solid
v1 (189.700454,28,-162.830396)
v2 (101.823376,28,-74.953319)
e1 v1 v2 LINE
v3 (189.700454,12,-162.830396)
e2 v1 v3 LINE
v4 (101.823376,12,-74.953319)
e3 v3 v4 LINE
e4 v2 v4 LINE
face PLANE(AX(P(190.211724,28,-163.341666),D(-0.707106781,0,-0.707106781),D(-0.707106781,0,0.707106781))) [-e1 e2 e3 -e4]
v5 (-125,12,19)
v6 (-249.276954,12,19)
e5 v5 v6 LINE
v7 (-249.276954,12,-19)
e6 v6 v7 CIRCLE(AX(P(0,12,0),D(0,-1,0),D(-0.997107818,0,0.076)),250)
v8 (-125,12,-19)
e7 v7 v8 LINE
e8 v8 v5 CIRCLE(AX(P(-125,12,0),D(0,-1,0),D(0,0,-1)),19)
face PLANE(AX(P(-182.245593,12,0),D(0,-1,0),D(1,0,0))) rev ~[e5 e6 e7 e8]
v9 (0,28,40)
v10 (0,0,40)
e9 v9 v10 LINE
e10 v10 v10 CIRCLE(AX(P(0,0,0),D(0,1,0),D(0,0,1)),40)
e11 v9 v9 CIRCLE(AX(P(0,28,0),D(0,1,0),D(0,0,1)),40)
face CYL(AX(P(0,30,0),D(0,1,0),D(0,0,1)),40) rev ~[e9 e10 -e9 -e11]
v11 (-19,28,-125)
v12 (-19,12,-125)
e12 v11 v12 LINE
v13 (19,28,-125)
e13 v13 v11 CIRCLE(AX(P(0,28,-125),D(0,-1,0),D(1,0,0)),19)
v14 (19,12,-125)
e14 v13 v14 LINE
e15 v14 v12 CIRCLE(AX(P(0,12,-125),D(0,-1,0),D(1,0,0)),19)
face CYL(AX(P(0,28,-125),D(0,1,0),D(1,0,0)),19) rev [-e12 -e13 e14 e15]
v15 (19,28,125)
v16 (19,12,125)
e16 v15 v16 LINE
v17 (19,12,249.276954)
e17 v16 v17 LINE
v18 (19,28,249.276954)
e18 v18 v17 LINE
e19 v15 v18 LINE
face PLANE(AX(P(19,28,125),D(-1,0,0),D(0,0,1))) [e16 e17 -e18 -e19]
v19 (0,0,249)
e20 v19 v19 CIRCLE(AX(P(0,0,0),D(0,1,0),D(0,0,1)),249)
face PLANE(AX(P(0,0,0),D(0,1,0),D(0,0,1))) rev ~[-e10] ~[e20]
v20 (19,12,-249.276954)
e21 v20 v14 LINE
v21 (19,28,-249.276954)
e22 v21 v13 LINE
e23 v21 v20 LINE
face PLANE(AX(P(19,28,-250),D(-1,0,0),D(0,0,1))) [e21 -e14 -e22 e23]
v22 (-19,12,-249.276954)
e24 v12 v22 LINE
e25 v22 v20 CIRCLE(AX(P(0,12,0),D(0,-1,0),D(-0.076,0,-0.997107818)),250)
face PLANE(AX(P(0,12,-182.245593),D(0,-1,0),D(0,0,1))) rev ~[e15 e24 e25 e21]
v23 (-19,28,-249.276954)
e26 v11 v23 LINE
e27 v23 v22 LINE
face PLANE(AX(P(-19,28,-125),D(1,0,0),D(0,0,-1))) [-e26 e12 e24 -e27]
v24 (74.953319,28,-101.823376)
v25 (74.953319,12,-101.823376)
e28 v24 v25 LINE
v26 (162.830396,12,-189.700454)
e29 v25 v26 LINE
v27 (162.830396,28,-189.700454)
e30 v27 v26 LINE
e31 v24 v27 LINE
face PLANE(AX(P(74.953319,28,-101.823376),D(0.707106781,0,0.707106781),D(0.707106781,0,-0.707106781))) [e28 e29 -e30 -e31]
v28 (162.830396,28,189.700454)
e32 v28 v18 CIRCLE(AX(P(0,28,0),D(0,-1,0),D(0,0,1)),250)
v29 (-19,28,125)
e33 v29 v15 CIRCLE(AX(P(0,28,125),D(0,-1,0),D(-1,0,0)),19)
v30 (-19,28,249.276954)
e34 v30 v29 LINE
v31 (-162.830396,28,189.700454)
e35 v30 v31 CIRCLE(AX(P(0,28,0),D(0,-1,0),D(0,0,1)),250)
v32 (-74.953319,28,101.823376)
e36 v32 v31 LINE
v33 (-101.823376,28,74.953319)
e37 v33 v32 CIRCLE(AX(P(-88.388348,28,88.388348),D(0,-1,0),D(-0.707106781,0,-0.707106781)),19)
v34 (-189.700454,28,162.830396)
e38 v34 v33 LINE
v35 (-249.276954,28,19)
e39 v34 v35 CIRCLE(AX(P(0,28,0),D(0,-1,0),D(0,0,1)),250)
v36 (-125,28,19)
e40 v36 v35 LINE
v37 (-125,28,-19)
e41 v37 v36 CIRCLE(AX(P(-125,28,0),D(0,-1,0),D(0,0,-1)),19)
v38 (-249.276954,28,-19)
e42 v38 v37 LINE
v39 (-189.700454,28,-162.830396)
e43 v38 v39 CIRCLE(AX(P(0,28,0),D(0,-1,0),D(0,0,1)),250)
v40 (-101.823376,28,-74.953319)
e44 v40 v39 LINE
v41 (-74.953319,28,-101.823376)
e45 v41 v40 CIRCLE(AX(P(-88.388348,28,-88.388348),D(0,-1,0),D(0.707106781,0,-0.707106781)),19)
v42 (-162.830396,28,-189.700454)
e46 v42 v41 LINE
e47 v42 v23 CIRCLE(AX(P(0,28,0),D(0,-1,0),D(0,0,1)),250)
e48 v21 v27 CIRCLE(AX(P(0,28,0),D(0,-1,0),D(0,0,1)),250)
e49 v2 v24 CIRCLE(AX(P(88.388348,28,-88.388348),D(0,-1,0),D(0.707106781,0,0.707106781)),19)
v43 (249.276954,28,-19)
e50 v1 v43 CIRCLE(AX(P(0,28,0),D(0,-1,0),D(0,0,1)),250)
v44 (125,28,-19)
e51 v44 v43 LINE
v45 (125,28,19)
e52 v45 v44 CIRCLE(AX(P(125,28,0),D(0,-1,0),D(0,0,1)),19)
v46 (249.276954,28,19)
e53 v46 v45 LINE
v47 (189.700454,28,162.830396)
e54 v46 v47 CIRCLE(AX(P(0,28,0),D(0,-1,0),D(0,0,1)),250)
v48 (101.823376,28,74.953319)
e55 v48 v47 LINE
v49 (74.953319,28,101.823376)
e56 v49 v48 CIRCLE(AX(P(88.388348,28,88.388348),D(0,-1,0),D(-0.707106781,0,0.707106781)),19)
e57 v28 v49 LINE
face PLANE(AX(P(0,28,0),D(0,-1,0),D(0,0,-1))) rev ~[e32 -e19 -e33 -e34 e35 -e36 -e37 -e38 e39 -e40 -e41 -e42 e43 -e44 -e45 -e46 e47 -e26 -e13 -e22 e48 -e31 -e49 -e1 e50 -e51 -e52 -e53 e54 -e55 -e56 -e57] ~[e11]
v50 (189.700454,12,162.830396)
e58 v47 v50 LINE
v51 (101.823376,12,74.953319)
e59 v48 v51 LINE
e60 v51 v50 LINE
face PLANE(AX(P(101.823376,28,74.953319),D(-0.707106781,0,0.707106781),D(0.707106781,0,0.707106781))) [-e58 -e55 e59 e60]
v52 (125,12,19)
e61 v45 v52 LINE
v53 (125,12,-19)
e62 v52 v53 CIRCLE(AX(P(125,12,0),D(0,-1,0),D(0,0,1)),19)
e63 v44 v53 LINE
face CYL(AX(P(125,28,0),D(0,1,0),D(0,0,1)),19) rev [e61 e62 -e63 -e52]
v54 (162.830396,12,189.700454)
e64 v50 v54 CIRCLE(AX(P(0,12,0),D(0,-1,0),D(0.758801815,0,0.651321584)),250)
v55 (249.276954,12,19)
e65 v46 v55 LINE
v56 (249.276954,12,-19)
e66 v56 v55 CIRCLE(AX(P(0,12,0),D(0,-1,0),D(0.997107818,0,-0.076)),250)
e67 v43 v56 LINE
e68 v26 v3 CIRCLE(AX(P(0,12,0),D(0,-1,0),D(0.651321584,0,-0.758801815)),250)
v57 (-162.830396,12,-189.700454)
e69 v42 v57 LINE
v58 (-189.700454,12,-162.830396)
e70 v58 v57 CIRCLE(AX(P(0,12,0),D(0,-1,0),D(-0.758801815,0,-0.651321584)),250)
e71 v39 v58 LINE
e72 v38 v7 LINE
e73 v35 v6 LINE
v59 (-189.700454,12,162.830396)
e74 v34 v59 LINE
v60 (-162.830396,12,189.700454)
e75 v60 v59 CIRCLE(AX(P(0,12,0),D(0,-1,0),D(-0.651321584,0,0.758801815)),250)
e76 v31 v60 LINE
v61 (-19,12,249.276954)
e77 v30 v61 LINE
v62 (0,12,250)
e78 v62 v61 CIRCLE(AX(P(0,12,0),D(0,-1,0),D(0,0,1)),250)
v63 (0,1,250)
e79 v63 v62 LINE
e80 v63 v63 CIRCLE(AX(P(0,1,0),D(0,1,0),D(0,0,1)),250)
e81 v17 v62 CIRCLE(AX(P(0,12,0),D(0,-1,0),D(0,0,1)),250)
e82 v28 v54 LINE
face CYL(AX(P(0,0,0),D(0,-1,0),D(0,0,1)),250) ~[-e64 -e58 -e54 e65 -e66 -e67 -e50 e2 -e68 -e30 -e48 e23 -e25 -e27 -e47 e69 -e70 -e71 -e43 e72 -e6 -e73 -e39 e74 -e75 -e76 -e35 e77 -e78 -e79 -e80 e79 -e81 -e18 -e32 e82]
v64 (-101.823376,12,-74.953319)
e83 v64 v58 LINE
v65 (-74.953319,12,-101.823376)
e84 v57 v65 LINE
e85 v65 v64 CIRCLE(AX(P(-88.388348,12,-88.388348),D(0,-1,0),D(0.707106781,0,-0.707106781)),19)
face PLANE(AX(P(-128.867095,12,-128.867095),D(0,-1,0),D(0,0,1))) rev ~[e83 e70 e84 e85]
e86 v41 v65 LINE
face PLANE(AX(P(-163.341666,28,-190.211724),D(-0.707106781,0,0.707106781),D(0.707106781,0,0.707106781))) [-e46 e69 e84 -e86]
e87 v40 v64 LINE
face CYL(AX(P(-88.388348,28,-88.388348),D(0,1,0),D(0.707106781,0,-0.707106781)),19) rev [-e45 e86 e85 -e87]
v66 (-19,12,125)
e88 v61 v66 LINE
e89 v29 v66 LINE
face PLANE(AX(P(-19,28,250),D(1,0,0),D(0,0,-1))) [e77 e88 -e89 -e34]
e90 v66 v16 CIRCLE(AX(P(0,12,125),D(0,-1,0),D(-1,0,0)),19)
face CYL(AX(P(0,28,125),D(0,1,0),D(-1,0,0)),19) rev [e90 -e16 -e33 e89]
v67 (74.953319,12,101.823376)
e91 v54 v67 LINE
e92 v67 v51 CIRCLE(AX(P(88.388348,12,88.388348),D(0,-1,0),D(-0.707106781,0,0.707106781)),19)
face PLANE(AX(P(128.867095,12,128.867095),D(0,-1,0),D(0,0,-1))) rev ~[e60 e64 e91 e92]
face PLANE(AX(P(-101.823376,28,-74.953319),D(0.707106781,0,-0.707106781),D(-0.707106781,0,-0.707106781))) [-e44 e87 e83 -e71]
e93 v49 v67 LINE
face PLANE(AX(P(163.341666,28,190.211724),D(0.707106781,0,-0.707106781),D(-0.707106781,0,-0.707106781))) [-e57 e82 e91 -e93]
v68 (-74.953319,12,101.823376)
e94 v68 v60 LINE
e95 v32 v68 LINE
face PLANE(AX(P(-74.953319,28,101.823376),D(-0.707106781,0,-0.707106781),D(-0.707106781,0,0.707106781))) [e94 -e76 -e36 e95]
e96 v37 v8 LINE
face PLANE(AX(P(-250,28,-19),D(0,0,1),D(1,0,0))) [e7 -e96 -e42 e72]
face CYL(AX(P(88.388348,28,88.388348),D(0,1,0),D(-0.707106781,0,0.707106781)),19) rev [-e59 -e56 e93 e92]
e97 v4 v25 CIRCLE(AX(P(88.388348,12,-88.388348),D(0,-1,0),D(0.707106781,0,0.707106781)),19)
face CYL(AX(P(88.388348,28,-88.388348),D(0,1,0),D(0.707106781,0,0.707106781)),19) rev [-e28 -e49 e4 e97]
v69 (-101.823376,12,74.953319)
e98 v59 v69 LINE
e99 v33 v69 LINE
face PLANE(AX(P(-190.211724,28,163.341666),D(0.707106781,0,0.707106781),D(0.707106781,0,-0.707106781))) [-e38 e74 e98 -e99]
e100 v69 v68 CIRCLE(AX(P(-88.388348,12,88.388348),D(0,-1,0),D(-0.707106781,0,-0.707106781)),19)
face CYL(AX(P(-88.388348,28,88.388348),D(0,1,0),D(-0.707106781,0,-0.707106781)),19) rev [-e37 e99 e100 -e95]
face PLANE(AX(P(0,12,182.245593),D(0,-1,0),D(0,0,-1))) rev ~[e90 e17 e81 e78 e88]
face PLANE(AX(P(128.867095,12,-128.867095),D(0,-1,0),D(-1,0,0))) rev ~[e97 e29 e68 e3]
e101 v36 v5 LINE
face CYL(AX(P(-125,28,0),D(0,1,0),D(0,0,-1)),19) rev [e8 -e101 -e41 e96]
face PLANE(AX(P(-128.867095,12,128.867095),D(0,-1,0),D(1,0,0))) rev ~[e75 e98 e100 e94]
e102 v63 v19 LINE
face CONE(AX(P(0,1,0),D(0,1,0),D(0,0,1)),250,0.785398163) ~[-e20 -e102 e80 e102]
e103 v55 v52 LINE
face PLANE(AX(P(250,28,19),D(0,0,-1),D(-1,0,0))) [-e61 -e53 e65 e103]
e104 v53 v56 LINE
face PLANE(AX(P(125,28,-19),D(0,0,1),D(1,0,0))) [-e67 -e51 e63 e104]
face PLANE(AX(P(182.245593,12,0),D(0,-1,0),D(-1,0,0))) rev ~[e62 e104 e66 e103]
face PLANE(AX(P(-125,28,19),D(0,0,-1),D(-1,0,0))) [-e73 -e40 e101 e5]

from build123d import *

# Parameters (mm, degrees)
SKETCH_1_R               = 250
EXTRUDE_1_DEPTH          = 50
CHAMFER_1_SIZE           = 1
CUT_EXTRUDE_1_DEPTH      = 22
CUT_EXTRUDE_2_DEPTH      = 16
CUT_EXTRUDE_3_DEPTH      = 22
CUT_EXTRUDE_4_DEPTH      = 16
PATTERN_CIRCULAR_1_COUNT = 4
SKETCH_6_R               = 60
CUT_EXTRUDE_5_DEPTH      = 20
SKETCH_22_R              = 40
CUT_EXTRUDE_13_DEPTH     = 355.823899984


with BuildPart() as part:
    # 草图1 → 凸台-拉伸1 (new body)
    with BuildSketch(Plane(origin=(0, 0, 0), x_dir=(1, 0, 0), z_dir=(0, 1, 0))):
        Circle(SKETCH_1_R)
    extrude(amount=EXTRUDE_1_DEPTH)

    # 倒角1
    chamfer_1_edges = [part.edges().sort_by_distance(p)[0] for p in [
        (-250, 0, 0),
        (-250, 50, 0),
    ]]
    chamfer(chamfer_1_edges, length=CHAMFER_1_SIZE)

    # 草图2 → 切除-拉伸1 (cut)
    with BuildSketch(Plane(origin=(0, 50, 0), x_dir=(1, 0, 0), z_dir=(0, 1, 0))):
        with BuildLine():
            Line((125, 11), (250, 11))
            Line((250, 11), (250, -11))
            Line((250, -11), (125, -11))
            ThreePointArc((125, -11), (114, 0), (125, 11))
        make_face()
    cut_extrude_1 = extrude(amount=-CUT_EXTRUDE_1_DEPTH, mode=Mode.SUBTRACT)

    # 草图3 → 切除-拉伸2 (cut)
    with BuildSketch(Plane(origin=(0, 28, 0), x_dir=(1, 0, 0), z_dir=(0, 1, 0))):
        with BuildLine():
            Line((250, 19), (250, -19))
            Line((250, -19), (125, -19))
            ThreePointArc((125, -19), (106, 0), (125, 19))
            Line((125, 19), (250, 19))
        make_face()
    cut_extrude_2 = extrude(amount=-CUT_EXTRUDE_2_DEPTH, mode=Mode.SUBTRACT)

    # 草图4 → 切除-拉伸3 (cut)
    with BuildSketch(Plane(origin=(0, 50, 0), x_dir=(1, 0, 0), z_dir=(0, 1, 0))):
        with BuildLine():
            Line((168.998520704, 184.55486989), (184.55486989, 168.998520704))
            Line((184.55486989, 168.998520704), (96.166522241, 80.610173055))
            ThreePointArc((96.166522241, 80.610173055), (80.610173055, 80.610173055), (80.610173055, 96.166522241))
            Line((80.610173055, 96.166522241), (168.998520704, 184.55486989))
        make_face()
    cut_extrude_3 = extrude(amount=-CUT_EXTRUDE_3_DEPTH, mode=Mode.SUBTRACT)

    # 草图5 → 切除-拉伸4 (cut)
    with BuildSketch(Plane(origin=(0, 28, 0), x_dir=(1, 0, 0), z_dir=(0, 1, 0))):
        with BuildLine():
            Line((163.341666454, 190.211724139), (190.211724139, 163.341666454))
            Line((190.211724139, 163.341666454), (101.823376491, 74.953318806))
            ThreePointArc((101.823376491, 74.953318806), (74.953318806, 74.953318806), (74.953318806, 101.823376491))
            Line((74.953318806, 101.823376491), (163.341666454, 190.211724139))
        make_face()
    cut_extrude_4 = extrude(amount=-CUT_EXTRUDE_4_DEPTH, mode=Mode.SUBTRACT)

    # 阵列(圆周)1: 切除-拉伸1, 切除-拉伸2, 切除-拉伸3, 切除-拉伸4 ×4 about axis
    pattern_circular_1_axis = Axis((0, 50, 0), (0, -1, 0))
    add([cut_extrude_1.rotate(pattern_circular_1_axis, i * 360 / PATTERN_CIRCULAR_1_COUNT) for i in range(1, PATTERN_CIRCULAR_1_COUNT)], mode=Mode.SUBTRACT)
    add([cut_extrude_2.rotate(pattern_circular_1_axis, i * 360 / PATTERN_CIRCULAR_1_COUNT) for i in range(1, PATTERN_CIRCULAR_1_COUNT)], mode=Mode.SUBTRACT)
    add([cut_extrude_3.rotate(pattern_circular_1_axis, i * 360 / PATTERN_CIRCULAR_1_COUNT) for i in range(1, PATTERN_CIRCULAR_1_COUNT)], mode=Mode.SUBTRACT)
    add([cut_extrude_4.rotate(pattern_circular_1_axis, i * 360 / PATTERN_CIRCULAR_1_COUNT) for i in range(1, PATTERN_CIRCULAR_1_COUNT)], mode=Mode.SUBTRACT)

    # 草图6 → 切除-拉伸5 (cut)
    with BuildSketch(Plane(origin=(0, 50, 0), x_dir=(1, 0, 0), z_dir=(0, 1, 0))):
        Circle(SKETCH_6_R)
    extrude(amount=-CUT_EXTRUDE_5_DEPTH, mode=Mode.SUBTRACT)

    # 草图22 → 切除-拉伸13 (cut, through all)
    with BuildSketch(Plane(origin=(0, 30, 0), x_dir=(1, 0, 0), z_dir=(0, 1, 0))):
        Circle(SKETCH_22_R)
    extrude(amount=-CUT_EXTRUDE_13_DEPTH, mode=Mode.SUBTRACT)


with BuildPart() as body_2:
    # Split Bodies 2: the piece on the far side of the plane
    add(part.part)
    split(bisect_by=Plane(origin=(0, 28, 0), x_dir=(0, 0, -1), z_dir=(0, -1, 0)), keep=Keep.BOTTOM)


with BuildPart() as part_1:
    add(part.part)

    # Split Bodies 2
    split(bisect_by=Plane(origin=(0, 28, 0), x_dir=(0, 0, -1), z_dir=(0, -1, 0)), keep=Keep.TOP)


solid = part_1.part
